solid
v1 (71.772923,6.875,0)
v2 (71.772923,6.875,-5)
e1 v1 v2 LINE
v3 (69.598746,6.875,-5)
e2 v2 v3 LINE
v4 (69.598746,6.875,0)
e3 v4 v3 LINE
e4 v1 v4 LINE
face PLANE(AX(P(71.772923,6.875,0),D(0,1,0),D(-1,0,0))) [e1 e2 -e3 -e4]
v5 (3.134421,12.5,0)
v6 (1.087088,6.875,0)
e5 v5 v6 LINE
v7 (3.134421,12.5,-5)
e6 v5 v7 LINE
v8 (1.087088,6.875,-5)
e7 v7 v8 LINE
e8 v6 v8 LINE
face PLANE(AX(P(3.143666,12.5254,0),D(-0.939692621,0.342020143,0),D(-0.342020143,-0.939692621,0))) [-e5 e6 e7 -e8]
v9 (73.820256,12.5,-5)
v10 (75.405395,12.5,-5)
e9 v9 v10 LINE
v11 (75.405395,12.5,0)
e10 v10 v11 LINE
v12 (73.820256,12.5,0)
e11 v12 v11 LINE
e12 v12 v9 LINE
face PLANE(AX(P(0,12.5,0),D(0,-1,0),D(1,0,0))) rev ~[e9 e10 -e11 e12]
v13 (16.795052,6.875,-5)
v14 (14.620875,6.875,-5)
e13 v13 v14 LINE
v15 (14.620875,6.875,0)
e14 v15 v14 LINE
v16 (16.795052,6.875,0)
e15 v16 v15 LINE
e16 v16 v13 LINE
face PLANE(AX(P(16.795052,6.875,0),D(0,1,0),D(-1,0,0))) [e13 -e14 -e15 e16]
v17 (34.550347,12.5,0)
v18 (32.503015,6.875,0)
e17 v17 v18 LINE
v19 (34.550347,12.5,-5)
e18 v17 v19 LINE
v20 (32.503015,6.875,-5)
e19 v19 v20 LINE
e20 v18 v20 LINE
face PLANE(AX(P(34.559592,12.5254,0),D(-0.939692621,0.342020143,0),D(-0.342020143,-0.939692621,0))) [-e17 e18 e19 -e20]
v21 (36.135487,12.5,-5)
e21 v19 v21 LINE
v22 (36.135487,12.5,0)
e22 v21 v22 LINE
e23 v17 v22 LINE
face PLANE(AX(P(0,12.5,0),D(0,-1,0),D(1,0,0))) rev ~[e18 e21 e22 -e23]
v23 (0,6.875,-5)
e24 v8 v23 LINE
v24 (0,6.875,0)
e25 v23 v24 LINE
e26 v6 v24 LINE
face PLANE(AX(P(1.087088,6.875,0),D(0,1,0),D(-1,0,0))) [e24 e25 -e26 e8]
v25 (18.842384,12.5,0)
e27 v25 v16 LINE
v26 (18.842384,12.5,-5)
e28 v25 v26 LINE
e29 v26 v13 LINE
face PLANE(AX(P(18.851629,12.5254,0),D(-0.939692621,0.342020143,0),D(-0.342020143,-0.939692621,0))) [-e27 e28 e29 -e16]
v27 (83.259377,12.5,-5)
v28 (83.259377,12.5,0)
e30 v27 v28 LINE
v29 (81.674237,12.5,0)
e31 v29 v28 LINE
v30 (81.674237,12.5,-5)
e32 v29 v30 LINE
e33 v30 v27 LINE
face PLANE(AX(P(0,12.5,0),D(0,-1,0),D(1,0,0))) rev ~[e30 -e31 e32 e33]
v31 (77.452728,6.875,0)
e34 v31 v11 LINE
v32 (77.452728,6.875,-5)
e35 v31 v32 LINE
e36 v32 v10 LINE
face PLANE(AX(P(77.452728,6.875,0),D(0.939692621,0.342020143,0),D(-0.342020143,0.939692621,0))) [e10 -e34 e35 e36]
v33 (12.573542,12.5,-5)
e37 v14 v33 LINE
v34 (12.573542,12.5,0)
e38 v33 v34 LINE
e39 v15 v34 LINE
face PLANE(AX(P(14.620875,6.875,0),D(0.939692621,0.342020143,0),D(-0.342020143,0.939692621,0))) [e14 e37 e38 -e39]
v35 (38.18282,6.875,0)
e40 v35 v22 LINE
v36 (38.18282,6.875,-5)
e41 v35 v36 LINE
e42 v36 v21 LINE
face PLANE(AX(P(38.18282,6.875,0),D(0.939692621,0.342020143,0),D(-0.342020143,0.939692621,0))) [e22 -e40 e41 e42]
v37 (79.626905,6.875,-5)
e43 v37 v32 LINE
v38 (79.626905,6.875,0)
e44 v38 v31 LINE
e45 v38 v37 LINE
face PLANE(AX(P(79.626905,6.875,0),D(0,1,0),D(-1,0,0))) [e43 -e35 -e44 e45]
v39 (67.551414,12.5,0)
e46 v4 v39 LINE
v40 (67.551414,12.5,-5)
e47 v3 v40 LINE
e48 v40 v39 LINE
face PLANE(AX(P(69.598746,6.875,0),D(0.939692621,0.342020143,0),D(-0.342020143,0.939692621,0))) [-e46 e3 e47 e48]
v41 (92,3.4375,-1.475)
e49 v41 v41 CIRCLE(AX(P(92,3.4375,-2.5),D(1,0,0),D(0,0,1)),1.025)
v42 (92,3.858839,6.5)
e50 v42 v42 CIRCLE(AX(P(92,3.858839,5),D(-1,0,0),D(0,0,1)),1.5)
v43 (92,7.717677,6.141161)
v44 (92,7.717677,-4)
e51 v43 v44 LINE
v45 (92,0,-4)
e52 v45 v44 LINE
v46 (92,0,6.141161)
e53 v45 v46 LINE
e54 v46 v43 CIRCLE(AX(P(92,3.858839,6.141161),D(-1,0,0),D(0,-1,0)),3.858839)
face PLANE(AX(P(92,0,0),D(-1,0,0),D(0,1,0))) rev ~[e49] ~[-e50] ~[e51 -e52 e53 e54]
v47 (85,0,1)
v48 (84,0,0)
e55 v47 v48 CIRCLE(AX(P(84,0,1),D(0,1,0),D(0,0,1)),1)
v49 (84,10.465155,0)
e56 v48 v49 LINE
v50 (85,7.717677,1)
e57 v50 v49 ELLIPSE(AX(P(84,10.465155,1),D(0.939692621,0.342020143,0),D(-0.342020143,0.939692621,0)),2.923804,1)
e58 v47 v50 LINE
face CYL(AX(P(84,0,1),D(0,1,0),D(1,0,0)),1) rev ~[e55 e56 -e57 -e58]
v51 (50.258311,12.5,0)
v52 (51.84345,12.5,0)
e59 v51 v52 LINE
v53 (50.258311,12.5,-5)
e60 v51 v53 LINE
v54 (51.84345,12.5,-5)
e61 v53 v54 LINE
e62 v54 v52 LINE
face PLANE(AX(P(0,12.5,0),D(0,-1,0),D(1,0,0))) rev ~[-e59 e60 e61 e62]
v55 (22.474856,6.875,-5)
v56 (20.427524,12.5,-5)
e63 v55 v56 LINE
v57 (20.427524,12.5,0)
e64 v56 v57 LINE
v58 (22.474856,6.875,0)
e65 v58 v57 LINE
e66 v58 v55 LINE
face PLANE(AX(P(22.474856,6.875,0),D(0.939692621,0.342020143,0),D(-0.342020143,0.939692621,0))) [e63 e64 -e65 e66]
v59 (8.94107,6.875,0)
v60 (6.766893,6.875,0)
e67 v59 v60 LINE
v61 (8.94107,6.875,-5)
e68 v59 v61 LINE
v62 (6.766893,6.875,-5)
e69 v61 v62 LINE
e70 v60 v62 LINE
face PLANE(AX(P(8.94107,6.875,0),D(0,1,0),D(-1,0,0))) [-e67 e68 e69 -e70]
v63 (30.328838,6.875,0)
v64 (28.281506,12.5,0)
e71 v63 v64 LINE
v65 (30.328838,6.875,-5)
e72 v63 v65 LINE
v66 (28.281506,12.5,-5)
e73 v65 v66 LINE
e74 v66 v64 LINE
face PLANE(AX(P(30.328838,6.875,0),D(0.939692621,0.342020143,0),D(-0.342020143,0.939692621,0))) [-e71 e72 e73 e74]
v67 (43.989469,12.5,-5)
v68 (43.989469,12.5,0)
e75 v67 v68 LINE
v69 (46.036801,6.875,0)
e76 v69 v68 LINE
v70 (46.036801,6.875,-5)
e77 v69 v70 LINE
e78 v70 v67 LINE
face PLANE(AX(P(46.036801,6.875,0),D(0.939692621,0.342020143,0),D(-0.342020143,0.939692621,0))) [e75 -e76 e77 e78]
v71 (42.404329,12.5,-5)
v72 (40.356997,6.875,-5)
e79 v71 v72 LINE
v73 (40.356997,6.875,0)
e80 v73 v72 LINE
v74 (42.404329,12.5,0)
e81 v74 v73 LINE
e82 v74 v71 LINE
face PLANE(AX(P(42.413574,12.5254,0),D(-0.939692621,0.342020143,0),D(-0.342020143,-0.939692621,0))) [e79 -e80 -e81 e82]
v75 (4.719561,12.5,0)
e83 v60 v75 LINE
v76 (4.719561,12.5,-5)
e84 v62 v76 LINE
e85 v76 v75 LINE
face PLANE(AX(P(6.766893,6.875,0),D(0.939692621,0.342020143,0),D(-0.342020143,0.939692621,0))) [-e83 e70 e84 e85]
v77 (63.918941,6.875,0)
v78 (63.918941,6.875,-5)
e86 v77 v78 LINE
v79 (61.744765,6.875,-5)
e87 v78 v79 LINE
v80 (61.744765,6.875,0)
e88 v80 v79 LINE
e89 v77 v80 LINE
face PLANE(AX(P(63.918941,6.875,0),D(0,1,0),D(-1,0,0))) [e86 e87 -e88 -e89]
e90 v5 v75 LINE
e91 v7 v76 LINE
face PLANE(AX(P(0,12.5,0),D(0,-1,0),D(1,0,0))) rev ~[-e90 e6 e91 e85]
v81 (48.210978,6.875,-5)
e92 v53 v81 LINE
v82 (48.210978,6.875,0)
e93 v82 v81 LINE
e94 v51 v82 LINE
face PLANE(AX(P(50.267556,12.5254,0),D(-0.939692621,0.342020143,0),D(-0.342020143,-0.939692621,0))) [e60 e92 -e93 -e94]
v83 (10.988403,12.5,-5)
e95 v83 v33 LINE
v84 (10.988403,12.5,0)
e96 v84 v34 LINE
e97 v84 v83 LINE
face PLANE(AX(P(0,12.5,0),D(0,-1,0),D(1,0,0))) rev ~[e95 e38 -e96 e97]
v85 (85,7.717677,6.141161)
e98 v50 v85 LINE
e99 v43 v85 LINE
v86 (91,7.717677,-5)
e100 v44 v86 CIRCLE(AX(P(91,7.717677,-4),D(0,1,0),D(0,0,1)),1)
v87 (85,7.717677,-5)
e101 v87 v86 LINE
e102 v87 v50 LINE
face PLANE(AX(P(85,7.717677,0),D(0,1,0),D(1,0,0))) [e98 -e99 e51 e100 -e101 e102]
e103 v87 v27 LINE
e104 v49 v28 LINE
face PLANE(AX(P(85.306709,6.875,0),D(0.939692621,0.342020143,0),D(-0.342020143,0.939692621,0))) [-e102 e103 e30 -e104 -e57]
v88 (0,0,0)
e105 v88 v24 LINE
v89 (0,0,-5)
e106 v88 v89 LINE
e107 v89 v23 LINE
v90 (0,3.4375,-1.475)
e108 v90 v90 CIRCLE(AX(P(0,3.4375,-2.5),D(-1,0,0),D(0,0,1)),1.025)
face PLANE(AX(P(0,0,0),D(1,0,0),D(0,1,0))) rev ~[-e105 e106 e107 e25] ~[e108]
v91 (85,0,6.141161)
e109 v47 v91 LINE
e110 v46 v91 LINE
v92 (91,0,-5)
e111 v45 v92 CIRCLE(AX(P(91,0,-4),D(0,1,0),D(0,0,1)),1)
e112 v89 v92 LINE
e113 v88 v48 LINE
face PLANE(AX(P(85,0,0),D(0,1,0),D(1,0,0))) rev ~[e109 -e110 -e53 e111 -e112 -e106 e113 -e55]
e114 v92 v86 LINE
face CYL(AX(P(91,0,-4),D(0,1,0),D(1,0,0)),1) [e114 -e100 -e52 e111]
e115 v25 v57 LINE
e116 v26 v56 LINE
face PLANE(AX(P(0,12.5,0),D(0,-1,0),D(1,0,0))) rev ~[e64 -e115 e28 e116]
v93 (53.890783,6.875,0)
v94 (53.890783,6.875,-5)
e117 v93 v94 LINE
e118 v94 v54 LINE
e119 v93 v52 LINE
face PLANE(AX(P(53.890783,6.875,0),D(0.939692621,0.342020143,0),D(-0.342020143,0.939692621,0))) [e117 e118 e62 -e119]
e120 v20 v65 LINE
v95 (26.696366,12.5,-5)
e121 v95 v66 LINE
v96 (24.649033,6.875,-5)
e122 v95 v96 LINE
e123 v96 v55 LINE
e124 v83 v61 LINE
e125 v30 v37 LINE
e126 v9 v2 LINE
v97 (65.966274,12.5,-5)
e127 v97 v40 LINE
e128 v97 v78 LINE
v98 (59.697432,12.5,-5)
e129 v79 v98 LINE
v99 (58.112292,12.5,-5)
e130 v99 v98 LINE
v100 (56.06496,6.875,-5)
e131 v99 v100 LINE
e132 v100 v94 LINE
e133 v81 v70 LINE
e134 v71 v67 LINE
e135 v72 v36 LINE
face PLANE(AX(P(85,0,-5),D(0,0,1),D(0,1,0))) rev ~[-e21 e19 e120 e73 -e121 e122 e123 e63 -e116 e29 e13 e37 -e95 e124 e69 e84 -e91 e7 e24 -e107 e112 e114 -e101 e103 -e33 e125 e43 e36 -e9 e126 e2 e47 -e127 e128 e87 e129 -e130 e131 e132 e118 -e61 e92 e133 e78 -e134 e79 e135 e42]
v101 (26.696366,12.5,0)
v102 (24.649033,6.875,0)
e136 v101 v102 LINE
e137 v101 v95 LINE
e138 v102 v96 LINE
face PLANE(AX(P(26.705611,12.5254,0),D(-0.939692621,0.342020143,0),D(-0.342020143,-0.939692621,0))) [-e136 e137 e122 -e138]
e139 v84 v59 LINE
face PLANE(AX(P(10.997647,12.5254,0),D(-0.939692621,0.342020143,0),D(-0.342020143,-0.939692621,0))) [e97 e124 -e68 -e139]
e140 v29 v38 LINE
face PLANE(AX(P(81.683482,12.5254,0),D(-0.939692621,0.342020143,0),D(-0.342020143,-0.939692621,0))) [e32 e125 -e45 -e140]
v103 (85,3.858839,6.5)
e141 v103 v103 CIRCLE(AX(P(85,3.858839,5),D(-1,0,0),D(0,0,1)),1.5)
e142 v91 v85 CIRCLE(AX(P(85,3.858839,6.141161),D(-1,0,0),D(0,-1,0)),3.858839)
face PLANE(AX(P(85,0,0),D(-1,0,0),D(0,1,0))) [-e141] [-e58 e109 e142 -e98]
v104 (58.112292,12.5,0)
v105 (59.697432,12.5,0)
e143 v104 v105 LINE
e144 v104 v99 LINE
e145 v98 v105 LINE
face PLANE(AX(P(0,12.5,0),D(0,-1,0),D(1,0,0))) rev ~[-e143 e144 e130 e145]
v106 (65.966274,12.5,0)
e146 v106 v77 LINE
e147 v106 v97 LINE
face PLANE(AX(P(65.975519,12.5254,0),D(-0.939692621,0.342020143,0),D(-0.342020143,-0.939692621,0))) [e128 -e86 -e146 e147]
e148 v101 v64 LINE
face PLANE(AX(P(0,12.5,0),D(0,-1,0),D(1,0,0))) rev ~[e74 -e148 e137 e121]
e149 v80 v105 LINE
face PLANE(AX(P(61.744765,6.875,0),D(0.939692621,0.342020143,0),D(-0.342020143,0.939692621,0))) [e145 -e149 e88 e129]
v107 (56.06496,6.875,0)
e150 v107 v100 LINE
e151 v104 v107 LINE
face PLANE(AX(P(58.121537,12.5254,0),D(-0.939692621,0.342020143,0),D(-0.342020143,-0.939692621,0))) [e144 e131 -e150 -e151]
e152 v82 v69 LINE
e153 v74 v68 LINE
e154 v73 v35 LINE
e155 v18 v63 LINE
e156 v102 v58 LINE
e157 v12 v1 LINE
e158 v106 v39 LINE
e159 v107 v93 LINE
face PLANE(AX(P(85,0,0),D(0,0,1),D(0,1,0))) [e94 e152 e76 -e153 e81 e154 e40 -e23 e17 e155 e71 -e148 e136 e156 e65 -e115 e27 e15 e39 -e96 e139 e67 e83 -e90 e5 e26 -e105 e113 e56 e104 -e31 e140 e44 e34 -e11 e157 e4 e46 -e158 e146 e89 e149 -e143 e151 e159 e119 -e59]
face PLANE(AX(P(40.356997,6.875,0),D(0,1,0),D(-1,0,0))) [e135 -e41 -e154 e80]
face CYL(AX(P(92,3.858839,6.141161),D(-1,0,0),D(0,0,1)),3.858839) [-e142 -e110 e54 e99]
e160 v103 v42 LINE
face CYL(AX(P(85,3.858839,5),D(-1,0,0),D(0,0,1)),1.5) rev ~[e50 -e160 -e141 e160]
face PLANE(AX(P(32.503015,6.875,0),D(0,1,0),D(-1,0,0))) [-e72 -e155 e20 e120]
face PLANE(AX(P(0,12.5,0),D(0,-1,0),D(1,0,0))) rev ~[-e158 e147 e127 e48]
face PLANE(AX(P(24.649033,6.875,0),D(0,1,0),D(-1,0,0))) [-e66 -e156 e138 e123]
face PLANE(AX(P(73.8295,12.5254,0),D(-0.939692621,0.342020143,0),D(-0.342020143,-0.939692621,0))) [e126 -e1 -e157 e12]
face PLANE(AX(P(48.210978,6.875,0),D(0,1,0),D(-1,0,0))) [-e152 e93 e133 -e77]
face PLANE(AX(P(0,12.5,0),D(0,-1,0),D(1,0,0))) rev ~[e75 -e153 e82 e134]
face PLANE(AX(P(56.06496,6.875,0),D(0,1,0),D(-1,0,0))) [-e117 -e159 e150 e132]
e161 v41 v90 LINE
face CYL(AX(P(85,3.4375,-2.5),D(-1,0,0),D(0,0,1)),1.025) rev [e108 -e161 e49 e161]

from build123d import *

# Parameters (mm, degrees)
BLANKSKE_W              = 85
BLANKSKE_H              = 12.5
BLANK_DEPTH             = 5
TOOTHCUTSIM_DEPTH       = 87.05957239
TEETHCUTS_COUNT         = 12
TEETHCUTS_PITCH         = 7.853981625
ESQUISSE1_R             = 1.025
ENL_V_MAT_EXTRU_1_DEPTH = 87.05957239
ESQUISSE3_W             = 5
ESQUISSE3_H             = 7.71767729
ESQUISSE3_R             = 1.025
BOSS_EXTRU_1_DEPTH      = 7
ESQUISSE4_W             = 7
ESQUISSE4_H             = 7.71767729
BOSS_EXTRU_2_DEPTH      = 10
ESQUISSE5_R             = 1.5
ENL_V_MAT_EXTRU_2_DEPTH = 87.49421946
CONG_1_RADIUS           = 3.858838645
CONG_1_LENGTH           = 7
CONG_2_R                = 1
CONG_3_R                = 1


with BuildPart() as part:
    # BlankSke → Blank (new body)
    with BuildSketch(Plane.XY):
        with Locations((42.5, 6.25)):
            Rectangle(BLANKSKE_W, BLANKSKE_H)
    extrude(amount=-BLANK_DEPTH)

    # TooCutSkeSim → ToothCutSim (cut, through all)
    with BuildSketch(Plane.XY):
        Polygon((1.087088424, 6.875), (-1.087088424, 6.875), (-3.143665836, 12.5254), (3.143665836, 12.5254), align=None)
    toothcutsim = extrude(amount=-TOOTHCUTSIM_DEPTH, mode=Mode.SUBTRACT)

    # TeethCuts: ToothCutSim ×12
    with Locations(*[(i * TEETHCUTS_PITCH, 0, 0) for i in range(1, TEETHCUTS_COUNT)]):
        add(toothcutsim, mode=Mode.SUBTRACT)

    # Esquisse1 → Enlèv. mat.-Extru.1 (cut, through all)
    with BuildSketch(Plane.ZY):
        with Locations((-2.5, 3.4375)):
            Circle(ESQUISSE1_R)
    extrude(amount=-ENL_V_MAT_EXTRU_1_DEPTH, mode=Mode.SUBTRACT)

    # Esquisse3 → Boss.-Extru.1 (add)
    with BuildSketch(Plane(origin=(85, 0, 0), x_dir=(0, 0, -1), z_dir=(1, 0, 0))):
        with Locations((2.5, 3.858838645)):
            Rectangle(ESQUISSE3_W, ESQUISSE3_H)
        with Locations(Location((2.5, 3.4375, 0), (0, 0, 180))):
            Circle(ESQUISSE3_R, mode=Mode.SUBTRACT)
    extrude(amount=BOSS_EXTRU_1_DEPTH)

    # Esquisse4 → Boss.-Extru.2 (add)
    with BuildSketch(Plane.XY):
        with Locations((88.5, 3.858838645)):
            Rectangle(ESQUISSE4_W, ESQUISSE4_H)
    extrude(amount=BOSS_EXTRU_2_DEPTH)

    # Esquisse5 → Enlèv. mat.-Extru.2 (cut, through all)
    with BuildSketch(Plane.ZY.offset(-85)):
        with Locations((5, 3.858838645)):
            Circle(ESQUISSE5_R)
    extrude(amount=-ENL_V_MAT_EXTRU_2_DEPTH, mode=Mode.SUBTRACT)

    # Congé1: full round fillet: the end face becomes a half cylinder, R = half its width
    cong_1_face = Plane((88.5, 3.858838645, 10), x_dir=(-1, 0, 0), z_dir=(0, 0, 1))  # on the end face: x along it, z out of the body
    cong_1_slab = cong_1_face.offset(-CONG_1_RADIUS / 2) * Box(CONG_1_LENGTH, 2 * CONG_1_RADIUS, CONG_1_RADIUS, mode=Mode.PRIVATE)  # the body's end, R deep
    cong_1_round = Plane((88.5, 3.858838645, 6.141161355), x_dir=(0, 0, 1), z_dir=(-1, 0, 0)) * Cylinder(CONG_1_RADIUS, CONG_1_LENGTH, mode=Mode.PRIVATE)  # its axis R under the face
    add(cong_1_slab - cong_1_round, mode=Mode.SUBTRACT)

    # Congé2
    cong_2_edges = [part.edges().sort_by_distance(p)[0] for p in [
        (85, 3.858838645, 0),
    ]]
    fillet(cong_2_edges, radius=CONG_2_R)

    # Congé3
    cong_3_edges = [part.edges().sort_by_distance(p)[0] for p in [
        (92, 3.858838645, -5),
    ]]
    fillet(cong_3_edges, radius=CONG_3_R)


solid = part.part
